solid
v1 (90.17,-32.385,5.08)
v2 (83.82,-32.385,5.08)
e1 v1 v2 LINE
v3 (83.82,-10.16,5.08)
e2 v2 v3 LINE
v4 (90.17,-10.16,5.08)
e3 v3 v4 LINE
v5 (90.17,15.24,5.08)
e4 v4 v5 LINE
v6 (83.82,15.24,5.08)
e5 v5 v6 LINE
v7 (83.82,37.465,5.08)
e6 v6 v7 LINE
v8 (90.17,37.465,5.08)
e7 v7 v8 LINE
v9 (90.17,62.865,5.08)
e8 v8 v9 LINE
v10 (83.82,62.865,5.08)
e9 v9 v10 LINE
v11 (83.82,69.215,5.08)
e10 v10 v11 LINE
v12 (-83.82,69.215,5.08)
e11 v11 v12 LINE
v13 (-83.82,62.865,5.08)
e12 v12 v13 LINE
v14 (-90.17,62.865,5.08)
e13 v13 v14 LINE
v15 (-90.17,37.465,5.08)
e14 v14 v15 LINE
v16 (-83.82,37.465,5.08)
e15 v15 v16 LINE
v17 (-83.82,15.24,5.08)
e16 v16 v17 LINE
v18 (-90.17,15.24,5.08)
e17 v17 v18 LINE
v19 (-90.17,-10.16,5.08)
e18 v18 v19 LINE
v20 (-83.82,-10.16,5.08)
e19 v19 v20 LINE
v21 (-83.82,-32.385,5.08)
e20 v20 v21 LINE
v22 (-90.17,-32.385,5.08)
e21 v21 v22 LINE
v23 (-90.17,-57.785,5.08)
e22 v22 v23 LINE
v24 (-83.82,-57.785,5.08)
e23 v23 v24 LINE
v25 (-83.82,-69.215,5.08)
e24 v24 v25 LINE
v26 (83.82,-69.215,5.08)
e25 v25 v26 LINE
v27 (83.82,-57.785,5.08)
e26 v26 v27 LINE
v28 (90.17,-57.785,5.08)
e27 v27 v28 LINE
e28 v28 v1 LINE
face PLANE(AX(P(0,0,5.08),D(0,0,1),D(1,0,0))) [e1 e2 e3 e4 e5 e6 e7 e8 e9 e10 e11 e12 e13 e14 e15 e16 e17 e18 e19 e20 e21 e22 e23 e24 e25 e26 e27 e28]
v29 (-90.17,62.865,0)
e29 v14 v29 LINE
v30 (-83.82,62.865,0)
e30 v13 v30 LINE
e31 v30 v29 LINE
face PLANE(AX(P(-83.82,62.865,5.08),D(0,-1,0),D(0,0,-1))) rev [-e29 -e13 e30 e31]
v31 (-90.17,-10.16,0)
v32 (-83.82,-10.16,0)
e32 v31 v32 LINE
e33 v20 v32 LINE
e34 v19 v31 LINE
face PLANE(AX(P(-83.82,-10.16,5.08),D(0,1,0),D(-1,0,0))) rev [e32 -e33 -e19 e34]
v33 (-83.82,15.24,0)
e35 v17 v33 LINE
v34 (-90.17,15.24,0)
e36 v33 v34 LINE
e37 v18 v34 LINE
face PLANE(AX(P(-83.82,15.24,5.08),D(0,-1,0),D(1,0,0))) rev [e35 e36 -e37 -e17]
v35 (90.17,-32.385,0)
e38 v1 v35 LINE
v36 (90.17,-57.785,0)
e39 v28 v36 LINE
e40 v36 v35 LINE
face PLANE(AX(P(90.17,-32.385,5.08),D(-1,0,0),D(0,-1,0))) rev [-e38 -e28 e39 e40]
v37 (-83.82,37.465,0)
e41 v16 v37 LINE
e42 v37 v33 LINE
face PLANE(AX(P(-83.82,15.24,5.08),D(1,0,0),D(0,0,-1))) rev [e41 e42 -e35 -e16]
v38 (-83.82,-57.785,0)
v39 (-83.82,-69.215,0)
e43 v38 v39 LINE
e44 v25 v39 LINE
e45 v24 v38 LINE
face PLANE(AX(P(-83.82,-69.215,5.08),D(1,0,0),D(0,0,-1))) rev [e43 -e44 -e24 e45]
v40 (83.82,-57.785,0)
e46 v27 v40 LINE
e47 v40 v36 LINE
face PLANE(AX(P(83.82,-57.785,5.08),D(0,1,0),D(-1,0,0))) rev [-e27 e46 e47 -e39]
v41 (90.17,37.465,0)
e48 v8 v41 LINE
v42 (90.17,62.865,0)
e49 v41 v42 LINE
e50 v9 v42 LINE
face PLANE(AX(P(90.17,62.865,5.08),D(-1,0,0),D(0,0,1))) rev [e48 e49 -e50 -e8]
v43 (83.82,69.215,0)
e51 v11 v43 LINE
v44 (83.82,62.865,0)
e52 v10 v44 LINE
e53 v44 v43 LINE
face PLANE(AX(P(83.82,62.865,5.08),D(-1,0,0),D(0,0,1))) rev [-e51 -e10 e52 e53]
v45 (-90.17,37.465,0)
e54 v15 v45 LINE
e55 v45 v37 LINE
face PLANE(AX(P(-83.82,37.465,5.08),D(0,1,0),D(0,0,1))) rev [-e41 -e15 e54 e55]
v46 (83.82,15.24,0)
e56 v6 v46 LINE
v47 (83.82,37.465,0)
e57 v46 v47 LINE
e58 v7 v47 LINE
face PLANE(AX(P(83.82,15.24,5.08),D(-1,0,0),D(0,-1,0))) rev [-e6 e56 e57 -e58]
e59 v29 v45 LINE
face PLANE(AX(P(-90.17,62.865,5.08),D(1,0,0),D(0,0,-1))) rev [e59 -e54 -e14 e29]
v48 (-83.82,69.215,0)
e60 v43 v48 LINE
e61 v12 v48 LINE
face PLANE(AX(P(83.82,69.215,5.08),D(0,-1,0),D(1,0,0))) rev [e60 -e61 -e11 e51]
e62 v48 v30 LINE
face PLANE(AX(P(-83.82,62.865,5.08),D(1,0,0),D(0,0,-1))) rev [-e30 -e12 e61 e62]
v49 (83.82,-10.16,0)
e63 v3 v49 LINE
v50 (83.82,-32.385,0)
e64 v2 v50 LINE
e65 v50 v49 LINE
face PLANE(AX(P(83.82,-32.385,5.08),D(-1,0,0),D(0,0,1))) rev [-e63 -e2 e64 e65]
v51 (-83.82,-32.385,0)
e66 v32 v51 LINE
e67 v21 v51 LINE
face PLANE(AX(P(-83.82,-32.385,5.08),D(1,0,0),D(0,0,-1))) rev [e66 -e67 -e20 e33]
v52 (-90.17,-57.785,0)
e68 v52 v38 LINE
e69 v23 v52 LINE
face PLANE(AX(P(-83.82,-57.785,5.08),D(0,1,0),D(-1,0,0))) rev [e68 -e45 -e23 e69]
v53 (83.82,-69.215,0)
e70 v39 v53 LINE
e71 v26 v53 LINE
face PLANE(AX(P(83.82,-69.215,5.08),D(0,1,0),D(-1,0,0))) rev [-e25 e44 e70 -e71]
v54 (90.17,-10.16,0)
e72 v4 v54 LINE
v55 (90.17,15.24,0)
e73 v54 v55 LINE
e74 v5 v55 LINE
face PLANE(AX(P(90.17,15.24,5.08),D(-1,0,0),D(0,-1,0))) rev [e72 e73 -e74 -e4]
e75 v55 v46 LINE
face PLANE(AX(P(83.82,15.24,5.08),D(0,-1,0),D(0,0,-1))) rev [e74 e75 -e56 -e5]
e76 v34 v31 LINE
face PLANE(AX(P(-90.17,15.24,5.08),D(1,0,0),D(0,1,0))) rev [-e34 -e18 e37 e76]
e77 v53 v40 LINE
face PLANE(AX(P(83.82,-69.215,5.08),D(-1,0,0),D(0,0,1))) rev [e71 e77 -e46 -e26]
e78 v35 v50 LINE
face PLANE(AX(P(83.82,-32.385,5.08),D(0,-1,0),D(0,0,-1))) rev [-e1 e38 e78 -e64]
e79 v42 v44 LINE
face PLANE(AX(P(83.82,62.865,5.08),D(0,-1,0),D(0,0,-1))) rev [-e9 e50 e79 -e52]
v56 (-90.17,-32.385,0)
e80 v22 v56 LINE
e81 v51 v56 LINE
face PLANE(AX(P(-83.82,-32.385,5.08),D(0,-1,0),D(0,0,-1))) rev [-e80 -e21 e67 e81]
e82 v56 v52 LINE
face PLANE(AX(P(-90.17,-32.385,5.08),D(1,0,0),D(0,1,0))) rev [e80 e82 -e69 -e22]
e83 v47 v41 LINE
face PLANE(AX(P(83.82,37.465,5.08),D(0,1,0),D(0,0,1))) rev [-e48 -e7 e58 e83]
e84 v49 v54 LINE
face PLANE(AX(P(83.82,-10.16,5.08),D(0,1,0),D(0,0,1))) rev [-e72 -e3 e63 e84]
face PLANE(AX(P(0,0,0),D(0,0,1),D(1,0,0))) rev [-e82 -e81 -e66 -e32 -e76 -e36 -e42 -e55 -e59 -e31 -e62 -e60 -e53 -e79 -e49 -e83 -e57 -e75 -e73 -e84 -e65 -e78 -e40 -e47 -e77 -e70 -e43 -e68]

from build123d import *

# Parameters (mm, degrees)
BOSS_EXTRUDE1_DEPTH = 5.08


with BuildPart() as part:
    # Sketch1 → Boss-Extrude1 (new body)
    with BuildSketch(Plane.XY):
        Polygon((83.82, -69.215), (-83.82, -69.215), (-83.82, -57.785), (-90.17, -57.785), (-90.17, -32.385), (-83.82, -32.385), (-83.82, -10.16), (-90.17, -10.16), (-90.17, 15.24), (-83.82, 15.24), (-83.82, 37.465), (-90.17, 37.465), (-90.17, 62.865), (-83.82, 62.865), (-83.82, 69.215), (83.82, 69.215), (83.82, 62.865), (90.17, 62.865), (90.17, 37.465), (83.82, 37.465), (83.82, 15.24), (90.17, 15.24), (90.17, -10.16), (83.82, -10.16), (83.82, -32.385), (90.17, -32.385), (90.17, -57.785), (83.82, -57.785), align=None)
    extrude(amount=BOSS_EXTRUDE1_DEPTH)


solid = part.part
